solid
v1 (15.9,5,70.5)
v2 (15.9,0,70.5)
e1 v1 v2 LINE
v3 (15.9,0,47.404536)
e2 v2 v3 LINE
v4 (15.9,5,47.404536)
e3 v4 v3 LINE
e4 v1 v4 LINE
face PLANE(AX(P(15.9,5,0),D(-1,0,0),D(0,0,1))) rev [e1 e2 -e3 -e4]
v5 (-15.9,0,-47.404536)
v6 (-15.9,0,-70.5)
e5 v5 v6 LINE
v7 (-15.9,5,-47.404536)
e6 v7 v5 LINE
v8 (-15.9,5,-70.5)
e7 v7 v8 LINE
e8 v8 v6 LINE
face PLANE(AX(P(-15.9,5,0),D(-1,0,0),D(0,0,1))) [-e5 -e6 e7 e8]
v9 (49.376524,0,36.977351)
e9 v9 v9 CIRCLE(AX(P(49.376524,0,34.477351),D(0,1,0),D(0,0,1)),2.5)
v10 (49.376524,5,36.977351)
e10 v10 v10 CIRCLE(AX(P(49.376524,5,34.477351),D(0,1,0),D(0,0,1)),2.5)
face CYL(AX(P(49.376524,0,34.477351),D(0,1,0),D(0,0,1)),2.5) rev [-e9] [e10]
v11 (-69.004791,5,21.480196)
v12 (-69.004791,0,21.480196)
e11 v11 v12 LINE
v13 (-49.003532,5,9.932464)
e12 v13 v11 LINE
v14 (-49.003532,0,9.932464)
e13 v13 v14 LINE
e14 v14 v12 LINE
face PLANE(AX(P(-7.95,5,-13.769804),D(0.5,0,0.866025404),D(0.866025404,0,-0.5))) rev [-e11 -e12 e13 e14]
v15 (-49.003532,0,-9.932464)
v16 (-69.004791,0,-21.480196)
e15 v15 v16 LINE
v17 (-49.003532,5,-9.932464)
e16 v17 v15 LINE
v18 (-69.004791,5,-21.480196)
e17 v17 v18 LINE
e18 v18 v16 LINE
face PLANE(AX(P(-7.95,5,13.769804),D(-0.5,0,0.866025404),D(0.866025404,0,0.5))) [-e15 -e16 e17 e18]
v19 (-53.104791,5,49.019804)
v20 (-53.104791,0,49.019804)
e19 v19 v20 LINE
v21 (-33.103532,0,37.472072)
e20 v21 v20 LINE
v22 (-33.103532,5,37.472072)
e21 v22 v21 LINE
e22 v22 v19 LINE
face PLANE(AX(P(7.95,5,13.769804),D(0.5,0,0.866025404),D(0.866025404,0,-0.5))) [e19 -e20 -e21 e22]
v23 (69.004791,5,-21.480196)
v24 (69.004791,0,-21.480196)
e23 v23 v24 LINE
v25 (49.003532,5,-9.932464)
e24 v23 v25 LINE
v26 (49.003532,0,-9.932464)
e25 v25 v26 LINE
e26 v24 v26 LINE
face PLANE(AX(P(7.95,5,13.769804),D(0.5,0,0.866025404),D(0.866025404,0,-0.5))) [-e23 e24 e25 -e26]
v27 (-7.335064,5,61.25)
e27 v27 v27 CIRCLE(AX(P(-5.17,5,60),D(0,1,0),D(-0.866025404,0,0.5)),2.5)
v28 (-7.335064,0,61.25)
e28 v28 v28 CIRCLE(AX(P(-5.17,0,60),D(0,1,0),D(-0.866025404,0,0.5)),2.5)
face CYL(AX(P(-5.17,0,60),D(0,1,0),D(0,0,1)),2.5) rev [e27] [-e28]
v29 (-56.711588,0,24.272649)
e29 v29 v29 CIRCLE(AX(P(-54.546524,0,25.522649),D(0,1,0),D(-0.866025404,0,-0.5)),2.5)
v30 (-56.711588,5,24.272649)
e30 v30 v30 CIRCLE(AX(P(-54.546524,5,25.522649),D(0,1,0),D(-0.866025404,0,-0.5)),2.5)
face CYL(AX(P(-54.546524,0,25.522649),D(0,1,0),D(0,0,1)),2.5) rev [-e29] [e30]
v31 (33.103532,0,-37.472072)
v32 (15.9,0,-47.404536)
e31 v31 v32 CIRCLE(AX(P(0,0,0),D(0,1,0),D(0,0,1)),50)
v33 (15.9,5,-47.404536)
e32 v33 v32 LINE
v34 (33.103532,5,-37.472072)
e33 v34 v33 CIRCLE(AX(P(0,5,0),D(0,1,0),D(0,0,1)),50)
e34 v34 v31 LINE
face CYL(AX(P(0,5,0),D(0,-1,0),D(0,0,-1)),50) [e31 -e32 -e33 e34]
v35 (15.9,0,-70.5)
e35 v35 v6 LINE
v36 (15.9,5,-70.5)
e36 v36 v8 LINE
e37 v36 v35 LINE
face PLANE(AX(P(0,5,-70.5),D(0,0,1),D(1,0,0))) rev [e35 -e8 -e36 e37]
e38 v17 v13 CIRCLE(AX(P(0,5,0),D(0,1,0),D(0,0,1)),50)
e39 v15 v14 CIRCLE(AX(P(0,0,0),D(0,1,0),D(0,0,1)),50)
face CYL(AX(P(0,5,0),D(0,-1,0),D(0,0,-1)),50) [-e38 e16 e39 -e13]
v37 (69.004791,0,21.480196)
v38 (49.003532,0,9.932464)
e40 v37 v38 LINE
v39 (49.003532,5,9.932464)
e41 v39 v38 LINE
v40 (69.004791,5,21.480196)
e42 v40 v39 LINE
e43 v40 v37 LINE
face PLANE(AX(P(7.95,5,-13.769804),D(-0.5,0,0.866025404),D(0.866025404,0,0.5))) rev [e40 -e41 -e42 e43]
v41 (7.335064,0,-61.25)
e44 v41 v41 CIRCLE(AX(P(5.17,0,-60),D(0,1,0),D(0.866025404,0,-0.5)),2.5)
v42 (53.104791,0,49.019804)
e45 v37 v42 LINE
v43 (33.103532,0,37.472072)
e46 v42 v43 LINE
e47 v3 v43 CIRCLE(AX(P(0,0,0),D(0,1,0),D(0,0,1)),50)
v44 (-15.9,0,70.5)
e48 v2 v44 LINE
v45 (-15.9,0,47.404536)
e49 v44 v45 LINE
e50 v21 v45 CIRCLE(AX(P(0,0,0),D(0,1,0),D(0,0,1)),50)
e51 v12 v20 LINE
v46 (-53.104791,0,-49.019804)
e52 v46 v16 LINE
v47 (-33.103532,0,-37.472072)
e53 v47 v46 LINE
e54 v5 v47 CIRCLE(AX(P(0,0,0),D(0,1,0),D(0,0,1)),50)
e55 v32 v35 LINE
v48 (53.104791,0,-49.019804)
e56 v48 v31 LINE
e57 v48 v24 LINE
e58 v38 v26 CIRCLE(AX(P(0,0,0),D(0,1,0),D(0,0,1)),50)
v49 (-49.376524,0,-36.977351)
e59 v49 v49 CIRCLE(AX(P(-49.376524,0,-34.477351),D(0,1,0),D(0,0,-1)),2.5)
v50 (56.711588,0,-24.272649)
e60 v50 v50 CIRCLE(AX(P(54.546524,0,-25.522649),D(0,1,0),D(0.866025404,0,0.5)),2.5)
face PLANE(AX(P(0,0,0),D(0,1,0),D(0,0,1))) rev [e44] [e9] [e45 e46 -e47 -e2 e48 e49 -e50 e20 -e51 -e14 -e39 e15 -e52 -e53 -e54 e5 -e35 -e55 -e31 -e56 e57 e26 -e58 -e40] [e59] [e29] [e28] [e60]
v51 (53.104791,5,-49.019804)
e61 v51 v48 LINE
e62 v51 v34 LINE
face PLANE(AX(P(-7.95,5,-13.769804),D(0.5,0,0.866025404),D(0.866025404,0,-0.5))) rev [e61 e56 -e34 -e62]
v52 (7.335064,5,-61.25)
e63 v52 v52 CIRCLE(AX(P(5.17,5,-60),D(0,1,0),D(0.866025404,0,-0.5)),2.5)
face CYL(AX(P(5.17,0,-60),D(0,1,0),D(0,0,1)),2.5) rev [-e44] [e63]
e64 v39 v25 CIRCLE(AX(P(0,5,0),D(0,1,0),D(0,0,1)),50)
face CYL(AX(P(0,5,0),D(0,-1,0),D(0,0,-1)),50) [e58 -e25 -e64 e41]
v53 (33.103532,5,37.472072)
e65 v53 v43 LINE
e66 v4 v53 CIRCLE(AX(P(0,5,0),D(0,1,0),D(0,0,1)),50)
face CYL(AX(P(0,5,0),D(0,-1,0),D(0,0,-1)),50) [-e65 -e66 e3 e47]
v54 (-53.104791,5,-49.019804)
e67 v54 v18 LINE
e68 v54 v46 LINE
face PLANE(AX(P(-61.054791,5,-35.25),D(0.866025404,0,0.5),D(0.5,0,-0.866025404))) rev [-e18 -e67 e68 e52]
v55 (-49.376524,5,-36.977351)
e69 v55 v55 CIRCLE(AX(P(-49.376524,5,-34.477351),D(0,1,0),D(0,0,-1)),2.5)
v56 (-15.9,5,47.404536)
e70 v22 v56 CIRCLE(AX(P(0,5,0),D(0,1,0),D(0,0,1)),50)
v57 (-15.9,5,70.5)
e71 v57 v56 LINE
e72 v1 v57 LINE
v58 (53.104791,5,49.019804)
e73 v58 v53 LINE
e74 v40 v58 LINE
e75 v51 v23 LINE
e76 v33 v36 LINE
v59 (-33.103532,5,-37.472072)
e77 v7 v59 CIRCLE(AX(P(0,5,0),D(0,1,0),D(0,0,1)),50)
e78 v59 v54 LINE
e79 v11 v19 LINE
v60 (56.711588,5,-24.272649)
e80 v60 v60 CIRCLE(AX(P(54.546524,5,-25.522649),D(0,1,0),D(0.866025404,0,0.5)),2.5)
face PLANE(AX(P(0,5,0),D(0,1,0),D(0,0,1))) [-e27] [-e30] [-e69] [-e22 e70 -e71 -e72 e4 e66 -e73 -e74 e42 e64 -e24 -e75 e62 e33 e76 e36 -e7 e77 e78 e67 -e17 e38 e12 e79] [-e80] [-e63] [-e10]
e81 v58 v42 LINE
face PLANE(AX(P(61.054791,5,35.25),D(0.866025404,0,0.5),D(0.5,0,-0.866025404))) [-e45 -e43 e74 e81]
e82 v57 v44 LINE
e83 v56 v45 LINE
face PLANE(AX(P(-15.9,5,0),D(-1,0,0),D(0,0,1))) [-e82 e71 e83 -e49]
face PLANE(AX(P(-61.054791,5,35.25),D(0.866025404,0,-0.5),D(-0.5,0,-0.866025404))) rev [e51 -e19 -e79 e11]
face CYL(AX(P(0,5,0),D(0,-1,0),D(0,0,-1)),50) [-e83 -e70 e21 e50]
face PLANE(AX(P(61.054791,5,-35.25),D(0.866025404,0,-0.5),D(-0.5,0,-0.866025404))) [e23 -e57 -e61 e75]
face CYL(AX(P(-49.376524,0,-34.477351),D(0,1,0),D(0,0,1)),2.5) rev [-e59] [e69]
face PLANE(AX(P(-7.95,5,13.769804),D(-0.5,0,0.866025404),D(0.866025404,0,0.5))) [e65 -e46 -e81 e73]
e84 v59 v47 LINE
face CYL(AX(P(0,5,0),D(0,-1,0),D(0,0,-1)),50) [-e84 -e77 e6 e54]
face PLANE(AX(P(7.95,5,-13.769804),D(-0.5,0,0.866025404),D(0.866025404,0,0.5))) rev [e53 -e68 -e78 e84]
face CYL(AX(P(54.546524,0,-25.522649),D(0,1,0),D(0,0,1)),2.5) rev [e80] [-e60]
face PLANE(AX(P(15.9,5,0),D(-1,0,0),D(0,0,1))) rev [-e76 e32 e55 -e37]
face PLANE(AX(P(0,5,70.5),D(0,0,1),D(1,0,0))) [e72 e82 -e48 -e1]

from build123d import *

# Parameters (mm, degrees)
BOSS_EXTRUDE1_DEPTH = 5
CIRPATTERN1_COUNT   = 3
CIRPATTERN1_ANGLE   = 120
SKETCH2_R           = 2.5
CUT_EXTRUDE1_DEPTH  = 99.777078193
CIRPATTERN2_COUNT   = 6


with BuildPart() as part:
    # Sketch1 → Boss-Extrude1 (new body)
    with BuildSketch(Plane(origin=(0, 0, 0), x_dir=(1, 0, 0), z_dir=(0, 1, 0))):
        with BuildLine():
            ThreePointArc((-15.9, 47.404535648), (-50, 0), (-15.9, -47.404535648))
            Line((-15.9, -47.404535648), (-15.9, 47.404535648))
        make_face()
        with BuildLine():
            ThreePointArc((-15.9, -47.404535648), (0, -50), (15.9, -47.404535648))
            Line((15.9, -47.404535648), (15.9, 47.404535648))
            ThreePointArc((15.9, 47.404535648), (0, 50), (-15.9, 47.404535648))
            Line((-15.9, 47.404535648), (-15.9, -47.404535648))
        make_face()
        with BuildLine():
            Line((-15.9, -70.5), (15.9, -70.5))
            Line((15.9, -70.5), (15.9, -47.404535648))
            ThreePointArc((15.9, -47.404535648), (0, -50), (-15.9, -47.404535648))
            Line((-15.9, -47.404535648), (-15.9, -70.5))
        make_face()
        with BuildLine():
            ThreePointArc((-15.9, 47.404535648), (0, 50), (15.9, 47.404535648))
            Line((15.9, 47.404535648), (15.9, 70.5))
            Line((15.9, 70.5), (-15.9, 70.5))
            Line((-15.9, 70.5), (-15.9, 47.404535648))
        make_face()
        with BuildLine():
            Line((15.9, 47.404535648), (15.9, -47.404535648))
            ThreePointArc((15.9, -47.404535648), (40.589407485, -29.197602641), (50, 0))
            ThreePointArc((50, 0), (40.589407485, 29.197602641), (15.9, 47.404535648))
        make_face()
    boss_extrude1 = extrude(amount=BOSS_EXTRUDE1_DEPTH)

    # CirPattern1: Boss-Extrude1 ×3 about axis
    cirpattern1_axis = Axis((0, 0, 0), (0, 1, 0))
    for i in range(1, CIRPATTERN1_COUNT):
        add(boss_extrude1.rotate(cirpattern1_axis, i * CIRPATTERN1_ANGLE / (CIRPATTERN1_COUNT - 1)))

    # Sketch2 → Cut-Extrude1 (cut, through all)
    with BuildSketch(Plane(origin=(0, 5, 0), x_dir=(1, 0, 0), z_dir=(0, 1, 0))):
        with Locations(Location((49.376524227, -34.477351338, 0), (0, 0, 270))):
            Circle(SKETCH2_R)
    cut_extrude1 = extrude(amount=-CUT_EXTRUDE1_DEPTH, mode=Mode.SUBTRACT)

    # CirPattern2: Cut-Extrude1 ×6 about axis
    cirpattern2_axis = Axis((0, 0, 0), (0, 1, 0))
    for i in range(1, CIRPATTERN2_COUNT):
        add(cut_extrude1.rotate(cirpattern2_axis, i * 360 / CIRPATTERN2_COUNT), mode=Mode.SUBTRACT)


solid = part.part
